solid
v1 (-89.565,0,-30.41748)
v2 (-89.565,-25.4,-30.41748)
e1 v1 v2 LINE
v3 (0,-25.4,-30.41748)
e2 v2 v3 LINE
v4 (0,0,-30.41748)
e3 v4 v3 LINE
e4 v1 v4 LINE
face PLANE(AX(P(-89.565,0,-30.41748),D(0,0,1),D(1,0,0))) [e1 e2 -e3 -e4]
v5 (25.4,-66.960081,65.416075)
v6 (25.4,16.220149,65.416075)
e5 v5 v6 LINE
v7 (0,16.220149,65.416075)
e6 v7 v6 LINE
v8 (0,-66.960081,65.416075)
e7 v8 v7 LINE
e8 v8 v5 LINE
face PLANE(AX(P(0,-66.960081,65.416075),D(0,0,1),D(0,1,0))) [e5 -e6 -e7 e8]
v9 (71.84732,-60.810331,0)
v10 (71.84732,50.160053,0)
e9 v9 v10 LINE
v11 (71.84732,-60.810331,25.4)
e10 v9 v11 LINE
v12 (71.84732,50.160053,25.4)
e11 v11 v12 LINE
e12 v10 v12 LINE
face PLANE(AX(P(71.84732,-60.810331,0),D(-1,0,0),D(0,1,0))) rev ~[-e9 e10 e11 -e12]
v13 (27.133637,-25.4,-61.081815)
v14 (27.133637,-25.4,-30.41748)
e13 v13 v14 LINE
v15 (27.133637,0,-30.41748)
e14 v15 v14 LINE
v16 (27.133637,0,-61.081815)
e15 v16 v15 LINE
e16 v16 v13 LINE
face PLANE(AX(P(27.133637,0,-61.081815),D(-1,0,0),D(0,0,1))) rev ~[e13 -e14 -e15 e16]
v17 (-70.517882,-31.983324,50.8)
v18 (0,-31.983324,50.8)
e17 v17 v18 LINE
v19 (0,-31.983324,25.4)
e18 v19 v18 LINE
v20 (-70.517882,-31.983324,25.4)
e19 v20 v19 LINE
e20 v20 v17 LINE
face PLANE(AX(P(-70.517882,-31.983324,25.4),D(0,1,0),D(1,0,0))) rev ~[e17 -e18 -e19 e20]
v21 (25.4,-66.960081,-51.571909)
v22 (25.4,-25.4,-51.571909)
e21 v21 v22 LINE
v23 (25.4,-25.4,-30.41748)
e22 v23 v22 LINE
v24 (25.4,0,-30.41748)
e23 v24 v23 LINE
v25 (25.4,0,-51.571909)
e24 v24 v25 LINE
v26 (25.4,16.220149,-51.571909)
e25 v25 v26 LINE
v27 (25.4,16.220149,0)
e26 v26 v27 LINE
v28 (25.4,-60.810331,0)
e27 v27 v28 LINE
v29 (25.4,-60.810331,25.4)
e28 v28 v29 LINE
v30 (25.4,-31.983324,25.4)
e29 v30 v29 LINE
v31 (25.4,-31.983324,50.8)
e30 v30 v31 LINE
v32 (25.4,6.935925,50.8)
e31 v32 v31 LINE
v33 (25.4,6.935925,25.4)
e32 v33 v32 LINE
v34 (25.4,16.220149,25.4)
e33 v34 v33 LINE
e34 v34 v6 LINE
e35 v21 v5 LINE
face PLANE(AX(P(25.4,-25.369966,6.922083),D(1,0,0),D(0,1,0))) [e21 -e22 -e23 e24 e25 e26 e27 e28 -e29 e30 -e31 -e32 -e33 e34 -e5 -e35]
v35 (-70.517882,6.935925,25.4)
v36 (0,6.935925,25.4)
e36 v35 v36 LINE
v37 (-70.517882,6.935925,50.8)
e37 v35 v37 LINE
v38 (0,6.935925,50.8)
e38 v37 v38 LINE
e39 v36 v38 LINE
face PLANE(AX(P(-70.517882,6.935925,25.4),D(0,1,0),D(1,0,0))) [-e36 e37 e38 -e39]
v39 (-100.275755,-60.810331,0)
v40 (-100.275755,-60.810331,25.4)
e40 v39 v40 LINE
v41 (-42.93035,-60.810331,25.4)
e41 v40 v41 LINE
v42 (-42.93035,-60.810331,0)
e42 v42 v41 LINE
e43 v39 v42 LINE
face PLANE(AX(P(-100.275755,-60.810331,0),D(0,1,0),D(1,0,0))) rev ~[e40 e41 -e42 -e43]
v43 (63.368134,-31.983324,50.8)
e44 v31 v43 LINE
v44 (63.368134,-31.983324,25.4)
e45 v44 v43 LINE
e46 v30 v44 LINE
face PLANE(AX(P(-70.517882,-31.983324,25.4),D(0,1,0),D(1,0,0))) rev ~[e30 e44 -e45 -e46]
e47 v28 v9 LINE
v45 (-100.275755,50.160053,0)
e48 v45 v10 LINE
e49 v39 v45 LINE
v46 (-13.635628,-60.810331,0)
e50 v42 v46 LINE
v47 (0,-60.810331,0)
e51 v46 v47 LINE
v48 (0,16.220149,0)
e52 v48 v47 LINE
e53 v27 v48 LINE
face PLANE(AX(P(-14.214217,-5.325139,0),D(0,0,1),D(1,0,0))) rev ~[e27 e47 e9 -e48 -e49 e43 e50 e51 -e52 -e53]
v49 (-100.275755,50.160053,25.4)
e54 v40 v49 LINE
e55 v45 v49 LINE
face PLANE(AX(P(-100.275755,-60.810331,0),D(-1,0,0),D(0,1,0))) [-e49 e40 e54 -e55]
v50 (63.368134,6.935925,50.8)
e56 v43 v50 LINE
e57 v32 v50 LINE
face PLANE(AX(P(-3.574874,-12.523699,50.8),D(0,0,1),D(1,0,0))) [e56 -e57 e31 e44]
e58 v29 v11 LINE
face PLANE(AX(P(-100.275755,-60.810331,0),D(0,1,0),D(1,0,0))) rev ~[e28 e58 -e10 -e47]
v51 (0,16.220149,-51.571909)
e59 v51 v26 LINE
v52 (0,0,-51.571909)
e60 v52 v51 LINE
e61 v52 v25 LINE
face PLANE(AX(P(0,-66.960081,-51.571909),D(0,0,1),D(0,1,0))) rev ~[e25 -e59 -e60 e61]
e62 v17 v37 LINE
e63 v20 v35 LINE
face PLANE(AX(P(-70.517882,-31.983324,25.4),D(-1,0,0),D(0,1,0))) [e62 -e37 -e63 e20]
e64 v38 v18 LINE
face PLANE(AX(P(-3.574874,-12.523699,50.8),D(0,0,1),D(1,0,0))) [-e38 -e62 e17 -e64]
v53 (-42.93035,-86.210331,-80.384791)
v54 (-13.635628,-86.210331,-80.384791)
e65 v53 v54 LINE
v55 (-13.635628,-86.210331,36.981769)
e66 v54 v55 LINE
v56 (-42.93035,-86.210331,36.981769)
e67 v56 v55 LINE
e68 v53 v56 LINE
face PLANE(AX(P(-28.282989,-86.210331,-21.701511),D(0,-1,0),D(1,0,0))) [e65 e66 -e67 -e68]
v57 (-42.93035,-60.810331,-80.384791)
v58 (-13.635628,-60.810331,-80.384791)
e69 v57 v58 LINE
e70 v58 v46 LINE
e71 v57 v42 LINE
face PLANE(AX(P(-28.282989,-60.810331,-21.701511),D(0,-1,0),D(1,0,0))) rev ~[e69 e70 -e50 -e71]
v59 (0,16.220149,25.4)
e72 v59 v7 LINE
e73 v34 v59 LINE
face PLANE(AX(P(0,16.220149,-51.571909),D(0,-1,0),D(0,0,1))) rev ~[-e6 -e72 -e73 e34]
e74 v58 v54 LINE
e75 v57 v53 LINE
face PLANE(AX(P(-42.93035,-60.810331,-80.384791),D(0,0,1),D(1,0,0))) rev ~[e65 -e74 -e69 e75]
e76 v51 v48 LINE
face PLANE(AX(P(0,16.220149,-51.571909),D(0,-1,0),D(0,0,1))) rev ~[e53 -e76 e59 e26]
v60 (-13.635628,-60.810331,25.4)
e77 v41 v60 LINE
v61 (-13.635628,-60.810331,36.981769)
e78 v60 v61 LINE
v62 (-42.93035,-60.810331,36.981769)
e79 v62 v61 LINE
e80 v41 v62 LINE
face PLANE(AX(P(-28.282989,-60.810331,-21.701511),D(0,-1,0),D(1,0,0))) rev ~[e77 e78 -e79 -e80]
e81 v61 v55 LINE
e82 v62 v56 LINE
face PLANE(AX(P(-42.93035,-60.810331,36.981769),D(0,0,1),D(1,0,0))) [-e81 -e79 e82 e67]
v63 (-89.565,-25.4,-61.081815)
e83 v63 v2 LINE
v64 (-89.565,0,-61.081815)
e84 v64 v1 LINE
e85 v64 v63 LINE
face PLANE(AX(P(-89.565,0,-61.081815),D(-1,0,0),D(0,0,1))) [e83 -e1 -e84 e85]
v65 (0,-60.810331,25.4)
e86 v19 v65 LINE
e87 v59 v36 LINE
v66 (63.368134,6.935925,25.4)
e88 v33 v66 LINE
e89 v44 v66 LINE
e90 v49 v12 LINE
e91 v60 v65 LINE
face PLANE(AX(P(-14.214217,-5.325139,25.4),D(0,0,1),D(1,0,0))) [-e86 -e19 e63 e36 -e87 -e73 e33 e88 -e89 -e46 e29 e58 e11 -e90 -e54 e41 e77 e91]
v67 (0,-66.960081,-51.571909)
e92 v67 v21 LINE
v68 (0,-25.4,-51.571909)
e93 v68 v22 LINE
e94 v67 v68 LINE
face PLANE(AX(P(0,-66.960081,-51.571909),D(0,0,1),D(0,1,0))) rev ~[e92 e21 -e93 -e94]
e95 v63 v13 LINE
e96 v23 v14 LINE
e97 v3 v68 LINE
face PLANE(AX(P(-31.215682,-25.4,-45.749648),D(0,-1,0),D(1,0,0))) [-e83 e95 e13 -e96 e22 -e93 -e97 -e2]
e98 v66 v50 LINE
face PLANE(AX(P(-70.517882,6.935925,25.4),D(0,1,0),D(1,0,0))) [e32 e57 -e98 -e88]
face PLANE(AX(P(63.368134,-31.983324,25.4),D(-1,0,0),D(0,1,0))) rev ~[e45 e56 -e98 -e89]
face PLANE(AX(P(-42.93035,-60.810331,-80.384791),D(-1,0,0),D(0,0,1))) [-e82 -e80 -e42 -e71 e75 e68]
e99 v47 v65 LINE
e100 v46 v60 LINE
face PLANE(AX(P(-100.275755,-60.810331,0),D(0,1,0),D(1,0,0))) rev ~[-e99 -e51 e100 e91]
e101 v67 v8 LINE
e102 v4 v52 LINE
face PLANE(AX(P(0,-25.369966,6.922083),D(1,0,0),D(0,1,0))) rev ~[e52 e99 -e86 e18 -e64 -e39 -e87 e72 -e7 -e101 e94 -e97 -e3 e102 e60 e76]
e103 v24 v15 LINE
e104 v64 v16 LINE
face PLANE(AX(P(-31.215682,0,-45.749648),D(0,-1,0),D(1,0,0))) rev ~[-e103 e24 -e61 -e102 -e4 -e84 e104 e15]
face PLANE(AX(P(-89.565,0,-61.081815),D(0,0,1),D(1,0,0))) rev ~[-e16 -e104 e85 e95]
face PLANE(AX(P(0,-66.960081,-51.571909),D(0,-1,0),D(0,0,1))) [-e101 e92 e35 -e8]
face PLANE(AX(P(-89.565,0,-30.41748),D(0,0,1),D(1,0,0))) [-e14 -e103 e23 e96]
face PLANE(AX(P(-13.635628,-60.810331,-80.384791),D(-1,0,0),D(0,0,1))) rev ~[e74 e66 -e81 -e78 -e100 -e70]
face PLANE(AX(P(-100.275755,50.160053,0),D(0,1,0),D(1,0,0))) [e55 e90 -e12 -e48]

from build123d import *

# Parameters (mm, degrees)
F0_W     = 83.18023
F0_H     = 116.987984
F1_DEPTH = 25.4
F2_W     = 172.123075
F2_H     = 110.970385
F3_DEPTH = 25.4
F4_W     = 116.698637
F4_H     = 30.664335
F5_DEPTH = 25.4
F6_W     = 133.886017
F6_H     = 38.919249
F7_DEPTH = 25.4
F8_W     = 29.294722
F8_H     = 117.36656
F9_DEPTH = 25.4


with BuildPart() as f1:
    # F0 (on Right) → F1 (new body)
    with BuildSketch(Plane.YZ):
        with Locations((-25.369966, 6.922083)):
            Rectangle(F0_W, F0_H)
    extrude(amount=F1_DEPTH)

    # F2 (on Top) → F3 (join)
    with BuildSketch(Plane.XY):
        with Locations((-14.214217, -5.325139)):
            Rectangle(F2_W, F2_H)
    extrude(amount=F3_DEPTH)

    # F4 (on Front) → F5 (join)
    with BuildSketch(Plane.XZ):
        with Locations((-31.215682, -45.749648)):
            Rectangle(F4_W, F4_H)
    extrude(amount=F5_DEPTH)

    # F6 (on face) → F7 (join)
    with BuildSketch(Plane.XY.offset(25.4)):
        with Locations((-3.574874, -12.523699)):
            Rectangle(F6_W, F6_H)
    extrude(amount=F7_DEPTH)

    # F8 (on face) → F9 (join)
    with BuildSketch(Plane.XZ.offset(60.810331)):
        with Locations((-28.282989, -21.701511)):
            Rectangle(F8_W, F8_H)
    extrude(amount=F9_DEPTH)


solid = f1.part
